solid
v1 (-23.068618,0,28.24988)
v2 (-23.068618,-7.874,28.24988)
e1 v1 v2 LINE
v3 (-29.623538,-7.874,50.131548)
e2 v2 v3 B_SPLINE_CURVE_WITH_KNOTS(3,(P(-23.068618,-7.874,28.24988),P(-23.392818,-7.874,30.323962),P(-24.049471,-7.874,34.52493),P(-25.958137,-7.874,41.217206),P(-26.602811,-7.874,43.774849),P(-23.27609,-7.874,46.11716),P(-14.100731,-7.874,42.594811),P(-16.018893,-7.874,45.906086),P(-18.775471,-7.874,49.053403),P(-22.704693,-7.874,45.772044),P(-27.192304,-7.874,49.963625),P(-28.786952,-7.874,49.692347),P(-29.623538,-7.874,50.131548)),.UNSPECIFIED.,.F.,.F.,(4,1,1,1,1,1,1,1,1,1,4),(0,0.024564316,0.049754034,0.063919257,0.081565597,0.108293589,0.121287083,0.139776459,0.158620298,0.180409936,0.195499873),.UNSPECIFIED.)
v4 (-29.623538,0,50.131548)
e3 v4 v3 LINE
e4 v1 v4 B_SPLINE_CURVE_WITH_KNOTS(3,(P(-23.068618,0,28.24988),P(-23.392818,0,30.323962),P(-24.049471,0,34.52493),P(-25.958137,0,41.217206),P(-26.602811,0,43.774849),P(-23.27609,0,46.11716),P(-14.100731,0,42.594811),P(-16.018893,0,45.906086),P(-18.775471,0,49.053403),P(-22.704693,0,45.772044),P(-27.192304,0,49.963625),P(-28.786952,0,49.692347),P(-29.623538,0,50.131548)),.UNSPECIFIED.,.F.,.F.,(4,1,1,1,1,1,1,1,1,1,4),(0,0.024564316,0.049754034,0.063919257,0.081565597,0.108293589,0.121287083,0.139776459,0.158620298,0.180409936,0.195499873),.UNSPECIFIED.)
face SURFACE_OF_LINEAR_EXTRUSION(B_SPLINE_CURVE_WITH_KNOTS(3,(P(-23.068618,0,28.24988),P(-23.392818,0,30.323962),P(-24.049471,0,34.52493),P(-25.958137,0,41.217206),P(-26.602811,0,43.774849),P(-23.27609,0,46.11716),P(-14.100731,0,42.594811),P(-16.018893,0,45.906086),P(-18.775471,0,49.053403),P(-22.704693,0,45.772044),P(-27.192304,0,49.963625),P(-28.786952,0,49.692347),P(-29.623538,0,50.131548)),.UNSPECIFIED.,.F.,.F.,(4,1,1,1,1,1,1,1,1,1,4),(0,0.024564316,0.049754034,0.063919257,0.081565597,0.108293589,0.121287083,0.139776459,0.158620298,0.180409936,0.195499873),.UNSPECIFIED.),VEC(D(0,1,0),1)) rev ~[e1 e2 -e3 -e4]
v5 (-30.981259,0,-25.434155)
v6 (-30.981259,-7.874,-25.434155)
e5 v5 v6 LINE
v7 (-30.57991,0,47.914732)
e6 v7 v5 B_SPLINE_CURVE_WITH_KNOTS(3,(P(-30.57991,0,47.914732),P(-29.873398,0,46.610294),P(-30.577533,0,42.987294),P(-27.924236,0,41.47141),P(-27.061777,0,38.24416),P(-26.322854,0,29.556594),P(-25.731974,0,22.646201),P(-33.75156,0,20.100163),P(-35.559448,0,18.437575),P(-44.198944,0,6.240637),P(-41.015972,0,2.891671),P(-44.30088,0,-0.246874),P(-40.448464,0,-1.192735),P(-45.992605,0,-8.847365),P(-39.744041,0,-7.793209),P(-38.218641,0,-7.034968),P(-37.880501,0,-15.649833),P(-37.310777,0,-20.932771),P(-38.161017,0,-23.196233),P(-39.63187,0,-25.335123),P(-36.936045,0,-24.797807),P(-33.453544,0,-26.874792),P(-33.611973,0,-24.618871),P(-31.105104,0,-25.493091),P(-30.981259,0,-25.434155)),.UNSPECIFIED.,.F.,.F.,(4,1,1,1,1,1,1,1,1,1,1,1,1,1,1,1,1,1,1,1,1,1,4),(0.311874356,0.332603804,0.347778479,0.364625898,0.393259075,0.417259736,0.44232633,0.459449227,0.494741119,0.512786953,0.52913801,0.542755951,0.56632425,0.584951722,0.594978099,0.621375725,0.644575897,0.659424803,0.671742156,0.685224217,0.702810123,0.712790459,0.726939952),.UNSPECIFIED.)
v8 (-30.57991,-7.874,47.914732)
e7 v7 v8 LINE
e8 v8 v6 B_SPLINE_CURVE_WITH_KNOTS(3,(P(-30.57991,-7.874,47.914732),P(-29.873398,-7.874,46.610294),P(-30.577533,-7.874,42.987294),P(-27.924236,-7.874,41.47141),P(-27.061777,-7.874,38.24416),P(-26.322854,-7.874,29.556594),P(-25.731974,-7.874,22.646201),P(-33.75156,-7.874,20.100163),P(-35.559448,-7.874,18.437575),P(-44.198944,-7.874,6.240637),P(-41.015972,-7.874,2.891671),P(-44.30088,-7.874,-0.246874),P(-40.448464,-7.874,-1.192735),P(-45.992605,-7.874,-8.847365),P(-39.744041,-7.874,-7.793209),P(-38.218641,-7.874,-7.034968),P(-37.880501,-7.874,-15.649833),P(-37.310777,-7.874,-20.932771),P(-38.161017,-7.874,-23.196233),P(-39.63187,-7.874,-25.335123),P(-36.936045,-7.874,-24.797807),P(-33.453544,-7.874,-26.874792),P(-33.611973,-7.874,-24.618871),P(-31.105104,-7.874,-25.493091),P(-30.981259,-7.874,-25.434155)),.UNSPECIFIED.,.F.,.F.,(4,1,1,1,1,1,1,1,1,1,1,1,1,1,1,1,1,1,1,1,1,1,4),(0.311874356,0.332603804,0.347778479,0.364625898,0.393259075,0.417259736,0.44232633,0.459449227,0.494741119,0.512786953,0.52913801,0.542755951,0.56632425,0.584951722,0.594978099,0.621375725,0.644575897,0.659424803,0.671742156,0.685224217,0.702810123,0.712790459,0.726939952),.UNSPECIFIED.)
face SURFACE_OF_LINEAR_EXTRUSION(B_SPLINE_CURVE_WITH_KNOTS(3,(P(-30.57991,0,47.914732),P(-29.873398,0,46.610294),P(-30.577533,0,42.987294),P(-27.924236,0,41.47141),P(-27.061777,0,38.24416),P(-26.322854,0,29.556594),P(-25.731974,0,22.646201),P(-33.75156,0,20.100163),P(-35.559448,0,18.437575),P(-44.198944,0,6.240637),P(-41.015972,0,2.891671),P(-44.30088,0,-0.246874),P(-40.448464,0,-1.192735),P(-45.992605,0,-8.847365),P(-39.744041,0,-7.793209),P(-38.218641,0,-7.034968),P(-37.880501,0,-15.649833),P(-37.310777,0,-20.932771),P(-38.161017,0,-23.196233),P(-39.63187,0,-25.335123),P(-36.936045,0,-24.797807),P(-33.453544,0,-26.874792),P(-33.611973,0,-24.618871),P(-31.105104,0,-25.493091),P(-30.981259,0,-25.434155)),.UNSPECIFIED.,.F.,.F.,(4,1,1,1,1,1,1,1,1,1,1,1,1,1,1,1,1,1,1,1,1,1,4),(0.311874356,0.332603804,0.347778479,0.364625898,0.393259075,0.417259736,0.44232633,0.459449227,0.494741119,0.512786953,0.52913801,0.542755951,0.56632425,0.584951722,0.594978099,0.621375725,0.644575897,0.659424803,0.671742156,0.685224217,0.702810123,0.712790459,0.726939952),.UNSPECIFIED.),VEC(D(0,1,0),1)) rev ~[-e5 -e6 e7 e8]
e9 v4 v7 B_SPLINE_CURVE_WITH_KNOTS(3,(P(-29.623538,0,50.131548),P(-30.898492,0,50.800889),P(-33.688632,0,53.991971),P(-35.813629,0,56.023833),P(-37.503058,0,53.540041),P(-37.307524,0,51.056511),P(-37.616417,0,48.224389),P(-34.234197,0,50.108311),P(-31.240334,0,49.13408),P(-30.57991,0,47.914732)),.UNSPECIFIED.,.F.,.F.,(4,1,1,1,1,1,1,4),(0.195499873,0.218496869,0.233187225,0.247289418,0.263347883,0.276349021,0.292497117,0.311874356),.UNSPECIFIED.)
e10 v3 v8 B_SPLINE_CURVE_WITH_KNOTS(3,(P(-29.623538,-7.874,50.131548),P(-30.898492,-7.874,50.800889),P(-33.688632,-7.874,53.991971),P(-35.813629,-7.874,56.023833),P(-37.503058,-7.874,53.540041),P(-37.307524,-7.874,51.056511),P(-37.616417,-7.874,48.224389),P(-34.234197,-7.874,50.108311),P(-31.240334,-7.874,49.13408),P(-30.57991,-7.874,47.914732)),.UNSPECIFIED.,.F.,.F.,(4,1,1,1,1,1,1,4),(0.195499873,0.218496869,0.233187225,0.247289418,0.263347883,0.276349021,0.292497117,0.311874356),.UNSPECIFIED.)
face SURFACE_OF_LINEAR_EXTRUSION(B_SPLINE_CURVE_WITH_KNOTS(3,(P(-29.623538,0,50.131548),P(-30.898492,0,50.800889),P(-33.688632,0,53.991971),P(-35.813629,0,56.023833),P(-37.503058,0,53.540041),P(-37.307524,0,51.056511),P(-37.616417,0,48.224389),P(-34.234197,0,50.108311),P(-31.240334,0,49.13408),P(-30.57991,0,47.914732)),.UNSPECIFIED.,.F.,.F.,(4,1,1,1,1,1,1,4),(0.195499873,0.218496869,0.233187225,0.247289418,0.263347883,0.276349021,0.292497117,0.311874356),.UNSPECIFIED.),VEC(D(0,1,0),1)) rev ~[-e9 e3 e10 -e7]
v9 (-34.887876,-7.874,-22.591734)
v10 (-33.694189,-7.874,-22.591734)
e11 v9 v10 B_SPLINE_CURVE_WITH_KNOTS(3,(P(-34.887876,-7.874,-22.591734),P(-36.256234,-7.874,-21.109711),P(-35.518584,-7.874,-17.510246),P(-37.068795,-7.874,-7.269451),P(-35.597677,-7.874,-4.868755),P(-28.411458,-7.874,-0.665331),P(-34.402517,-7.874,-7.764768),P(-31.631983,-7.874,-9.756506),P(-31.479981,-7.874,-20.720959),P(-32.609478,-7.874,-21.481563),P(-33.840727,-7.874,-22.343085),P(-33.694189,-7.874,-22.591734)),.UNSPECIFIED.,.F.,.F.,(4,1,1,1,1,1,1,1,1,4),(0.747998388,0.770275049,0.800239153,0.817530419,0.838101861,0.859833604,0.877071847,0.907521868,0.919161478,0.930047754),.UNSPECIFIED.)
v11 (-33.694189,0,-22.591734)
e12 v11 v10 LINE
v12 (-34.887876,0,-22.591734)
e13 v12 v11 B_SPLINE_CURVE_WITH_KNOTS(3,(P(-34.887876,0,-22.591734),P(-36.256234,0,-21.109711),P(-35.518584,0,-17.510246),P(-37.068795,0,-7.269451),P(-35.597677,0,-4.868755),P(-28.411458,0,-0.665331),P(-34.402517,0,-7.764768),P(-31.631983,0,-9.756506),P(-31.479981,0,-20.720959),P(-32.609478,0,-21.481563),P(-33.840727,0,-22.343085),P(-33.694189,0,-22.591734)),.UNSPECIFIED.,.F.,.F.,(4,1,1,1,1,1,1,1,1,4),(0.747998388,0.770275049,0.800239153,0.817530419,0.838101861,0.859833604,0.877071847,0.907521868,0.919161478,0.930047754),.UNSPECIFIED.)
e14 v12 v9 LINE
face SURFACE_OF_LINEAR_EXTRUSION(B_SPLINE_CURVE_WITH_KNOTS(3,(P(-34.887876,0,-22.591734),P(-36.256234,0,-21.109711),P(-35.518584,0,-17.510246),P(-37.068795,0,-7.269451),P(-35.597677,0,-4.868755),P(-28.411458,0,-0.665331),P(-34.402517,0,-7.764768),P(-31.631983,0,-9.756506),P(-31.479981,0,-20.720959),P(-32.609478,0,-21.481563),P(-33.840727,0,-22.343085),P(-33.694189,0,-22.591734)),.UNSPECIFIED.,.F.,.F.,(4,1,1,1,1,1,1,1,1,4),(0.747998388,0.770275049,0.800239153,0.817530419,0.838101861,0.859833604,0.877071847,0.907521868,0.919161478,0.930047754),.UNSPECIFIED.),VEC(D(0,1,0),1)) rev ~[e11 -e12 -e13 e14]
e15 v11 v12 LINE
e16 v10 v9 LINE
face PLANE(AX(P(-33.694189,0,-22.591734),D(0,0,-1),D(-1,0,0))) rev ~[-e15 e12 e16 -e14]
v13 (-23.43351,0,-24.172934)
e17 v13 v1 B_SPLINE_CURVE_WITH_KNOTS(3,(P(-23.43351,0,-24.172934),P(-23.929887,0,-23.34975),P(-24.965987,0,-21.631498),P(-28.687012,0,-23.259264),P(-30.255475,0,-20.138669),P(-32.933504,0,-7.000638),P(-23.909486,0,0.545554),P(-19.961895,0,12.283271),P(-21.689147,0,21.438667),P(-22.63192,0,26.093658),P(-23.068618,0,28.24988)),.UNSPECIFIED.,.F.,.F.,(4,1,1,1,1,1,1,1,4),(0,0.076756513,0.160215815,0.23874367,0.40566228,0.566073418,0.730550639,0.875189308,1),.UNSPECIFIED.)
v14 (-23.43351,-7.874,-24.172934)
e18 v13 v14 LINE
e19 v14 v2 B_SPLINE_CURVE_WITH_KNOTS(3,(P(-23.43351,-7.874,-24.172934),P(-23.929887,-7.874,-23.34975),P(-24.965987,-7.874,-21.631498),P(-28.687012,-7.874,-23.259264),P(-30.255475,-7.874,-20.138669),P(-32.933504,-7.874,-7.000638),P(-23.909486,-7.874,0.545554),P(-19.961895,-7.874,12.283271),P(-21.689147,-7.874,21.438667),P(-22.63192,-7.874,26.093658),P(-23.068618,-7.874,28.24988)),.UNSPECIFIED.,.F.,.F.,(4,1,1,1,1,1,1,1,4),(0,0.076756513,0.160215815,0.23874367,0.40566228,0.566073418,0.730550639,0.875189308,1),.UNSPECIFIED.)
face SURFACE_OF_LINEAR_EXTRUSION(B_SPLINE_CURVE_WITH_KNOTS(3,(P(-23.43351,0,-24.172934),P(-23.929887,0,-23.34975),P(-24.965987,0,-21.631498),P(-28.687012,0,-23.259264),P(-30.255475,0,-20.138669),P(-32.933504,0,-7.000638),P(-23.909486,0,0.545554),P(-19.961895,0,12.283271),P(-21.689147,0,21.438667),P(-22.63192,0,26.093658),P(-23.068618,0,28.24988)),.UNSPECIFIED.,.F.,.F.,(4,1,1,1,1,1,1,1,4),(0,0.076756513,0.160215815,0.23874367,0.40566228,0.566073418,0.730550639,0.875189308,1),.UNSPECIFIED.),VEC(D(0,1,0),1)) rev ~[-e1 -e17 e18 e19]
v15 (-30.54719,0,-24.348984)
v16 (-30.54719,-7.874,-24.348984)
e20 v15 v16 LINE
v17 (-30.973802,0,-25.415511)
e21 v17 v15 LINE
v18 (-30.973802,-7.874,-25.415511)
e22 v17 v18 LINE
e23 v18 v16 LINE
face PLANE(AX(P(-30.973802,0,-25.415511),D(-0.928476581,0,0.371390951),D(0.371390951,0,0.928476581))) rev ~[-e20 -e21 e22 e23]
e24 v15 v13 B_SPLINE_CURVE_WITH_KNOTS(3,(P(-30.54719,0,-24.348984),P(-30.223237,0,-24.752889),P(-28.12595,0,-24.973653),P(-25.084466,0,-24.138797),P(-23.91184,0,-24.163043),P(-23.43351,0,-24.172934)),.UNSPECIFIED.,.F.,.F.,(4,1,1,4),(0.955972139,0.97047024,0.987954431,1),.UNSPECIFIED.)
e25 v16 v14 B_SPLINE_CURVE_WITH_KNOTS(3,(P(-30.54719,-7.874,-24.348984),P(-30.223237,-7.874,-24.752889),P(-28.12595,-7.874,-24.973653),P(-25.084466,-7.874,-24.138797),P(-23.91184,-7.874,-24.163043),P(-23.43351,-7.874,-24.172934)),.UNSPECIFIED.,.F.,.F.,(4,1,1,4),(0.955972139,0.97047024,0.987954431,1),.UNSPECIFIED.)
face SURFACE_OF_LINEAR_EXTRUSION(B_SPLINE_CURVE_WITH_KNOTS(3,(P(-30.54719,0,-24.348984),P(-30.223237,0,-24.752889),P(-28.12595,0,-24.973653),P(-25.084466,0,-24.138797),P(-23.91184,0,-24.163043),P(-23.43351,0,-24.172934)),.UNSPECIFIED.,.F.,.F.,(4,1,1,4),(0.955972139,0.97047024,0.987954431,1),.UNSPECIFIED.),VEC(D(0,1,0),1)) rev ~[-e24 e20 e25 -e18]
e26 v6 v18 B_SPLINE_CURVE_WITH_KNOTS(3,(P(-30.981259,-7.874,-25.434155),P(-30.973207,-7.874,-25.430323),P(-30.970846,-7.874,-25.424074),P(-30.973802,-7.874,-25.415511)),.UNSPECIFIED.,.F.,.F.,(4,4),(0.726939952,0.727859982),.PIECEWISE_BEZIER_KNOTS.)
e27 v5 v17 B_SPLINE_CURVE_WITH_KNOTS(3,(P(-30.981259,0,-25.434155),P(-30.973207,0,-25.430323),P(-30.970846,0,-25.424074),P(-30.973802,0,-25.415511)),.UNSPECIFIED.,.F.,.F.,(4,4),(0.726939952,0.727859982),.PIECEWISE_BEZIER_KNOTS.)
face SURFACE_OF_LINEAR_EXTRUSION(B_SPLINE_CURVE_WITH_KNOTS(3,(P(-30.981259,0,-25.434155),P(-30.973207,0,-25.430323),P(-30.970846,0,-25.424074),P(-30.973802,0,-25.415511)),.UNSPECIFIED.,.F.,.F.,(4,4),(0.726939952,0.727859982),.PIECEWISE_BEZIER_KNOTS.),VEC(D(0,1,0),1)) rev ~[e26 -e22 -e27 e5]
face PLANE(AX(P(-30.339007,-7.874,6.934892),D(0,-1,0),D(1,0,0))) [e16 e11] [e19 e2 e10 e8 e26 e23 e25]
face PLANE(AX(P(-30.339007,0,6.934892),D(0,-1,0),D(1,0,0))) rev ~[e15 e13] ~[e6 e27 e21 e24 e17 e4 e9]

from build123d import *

# Parameters (mm, degrees)
F1_DEPTH = 7.874


with BuildPart() as f1:
    # F0 (on Front) → F1 (new body)
    with BuildSketch(Plane.XZ):
        with BuildLine():
            add(Edge.make_bspline(
                [(-30.5471904576, -24.3489835411), (-30.2232373434, -24.7528892759), (-28.1259496996, -24.9736531826), (-25.0844659588, -24.1387972179), (-23.9118395896, -24.1630434304), (-23.4335102141, -24.1729337722)],
                knots=[0.9559721386, 0.9559721386, 0.9559721386, 0.9559721386, 0.9704702401, 0.9879544312, 1, 1, 1, 1], degree=3))
            add(Edge.make_bspline(
                [(-23.4335102141, -24.1729337722), (-23.9298872025, -23.3497499878), (-24.9659874713, -21.6314976106), (-28.6870115227, -23.259264132), (-30.2554752831, -20.1386693033), (-32.9335035666, -7.0006378796), (-23.9094855682, 0.5455535592), (-19.9618950558, 12.2832714795), (-21.6891468298, 21.4386672657), (-22.6319195756, 26.0936582619), (-23.0686180294, 28.249880299)],
                knots=[0, 0, 0, 0, 0.0767565128, 0.1602158146, 0.2387436703, 0.4056622803, 0.5660734183, 0.730550639, 0.8751893075, 1, 1, 1, 1], degree=3))
            add(Edge.make_bspline(
                [(-23.0686180294, 28.249880299), (-23.3928177119, 30.3239617898), (-24.0494711372, 34.524930479), (-25.958136809, 41.2172061643), (-26.6028112458, 43.7748486456), (-23.2760899944, 46.1171595151), (-14.1007310805, 42.594811203), (-16.0188934431, 45.9060862182), (-18.775471085, 49.0534030455), (-22.7046934264, 45.7720439716), (-27.1923035768, 49.9636248125), (-28.7869517053, 49.6923469682), (-29.6235382557, 50.1315481961)],
                knots=[0, 0, 0, 0, 0.0245643158, 0.0497540342, 0.063919257, 0.0815655967, 0.1082935895, 0.121287083, 0.1397764593, 0.158620298, 0.1804099363, 0.1954998733, 0.1954998733, 0.1954998733, 0.1954998733], degree=3))
            Line((-29.6235382557, 50.1315481961), (-30.5799096823, 47.9147322476))
            add(Edge.make_bspline(
                [(-30.5799096823, 47.9147322476), (-29.8733982293, 46.6102939873), (-30.5775332112, 42.9872939831), (-27.9242363382, 41.4714099489), (-27.0617769258, 38.2441601069), (-26.3228536869, 29.5565938297), (-25.7319740589, 22.6462009627), (-33.7515600266, 20.1001626177), (-35.5594475171, 18.4375754714), (-44.1989436773, 6.2406368862), (-41.0159723877, 2.8916706199), (-44.3008803759, -0.2468736377), (-40.4484640236, -1.1927349871), (-45.9926050417, -8.8473652918), (-39.744040984, -7.793208808), (-38.2186406896, -7.034967958), (-37.8805006041, -15.6498325177), (-37.3107774086, -20.9327711741), (-38.1610174152, -23.1962327987), (-39.6318698024, -25.3351226006), (-36.9360454757, -24.7978069798), (-33.4535435916, -26.8747916458), (-33.6119734742, -24.6188705475), (-31.105103759, -25.4930907598), (-30.9812594205, -25.4341550171)],
                knots=[0.3118743563, 0.3118743563, 0.3118743563, 0.3118743563, 0.3326038037, 0.3477784786, 0.3646258979, 0.393259075, 0.4172597362, 0.4423263302, 0.4594492273, 0.4947411187, 0.5127869531, 0.5291380096, 0.5427559514, 0.5663242504, 0.5849517222, 0.5949780986, 0.621375725, 0.644575897, 0.6594248026, 0.6717421559, 0.6852242175, 0.7028101228, 0.7127904585, 0.7269399519, 0.7269399519, 0.7269399519, 0.7269399519], degree=3))
            Line((-30.9812594205, -25.4341550171), (-30.9738016792, -25.4155106798))
            add(Edge.make_bspline(
                [(-30.9738016792, -25.4155106798), (-31.0385074957, -25.228064463), (-33.6508624525, -23.9315035848), (-34.8878763616, -22.591734305)],
                knots=[0.7278599825, 0.7278599825, 0.7278599825, 0.7278599825, 0.7479983876, 0.7479983876, 0.7479983876, 0.7479983876], degree=3))
            add(Edge.make_bspline(
                [(-34.8878763616, -22.591734305), (-36.2562340016, -21.109710929), (-35.5185842866, -17.510246042), (-37.0687945298, -7.2694505098), (-35.5976774052, -4.8687548453), (-28.4114579701, -0.6653309787), (-34.4025171453, -7.7647681898), (-31.631983195, -9.7565055637), (-31.4799813704, -20.7209594437), (-32.6094779747, -21.4815632136), (-33.840726851, -22.3430846759), (-33.6941890419, -22.591734305)],
                knots=[0.7479983876, 0.7479983876, 0.7479983876, 0.7479983876, 0.7702750494, 0.8002391531, 0.8175304189, 0.8381018608, 0.8598336042, 0.877071847, 0.9075218678, 0.919161478, 0.9300477539, 0.9300477539, 0.9300477539, 0.9300477539], degree=3))
            add(Edge.make_bspline(
                [(-33.6941890419, -22.591734305), (-33.4815410404, -22.952561637), (-30.5698938841, -22.9651465049), (-30.7734687312, -24.0668590966), (-30.5471904576, -24.3489835411)],
                knots=[0.9300477539, 0.9300477539, 0.9300477539, 0.9300477539, 0.9458453479, 0.9559721386, 0.9559721386, 0.9559721386, 0.9559721386], degree=3))
        make_face()
        with BuildLine():
            Line((-30.9738016792, -25.4155106798), (-30.5471904576, -24.3489835411))
            add(Edge.make_bspline(
                [(-33.6941890419, -22.591734305), (-33.4815410404, -22.952561637), (-30.5698938841, -22.9651465049), (-30.7734687312, -24.0668590966), (-30.5471904576, -24.3489835411)],
                knots=[0.9300477539, 0.9300477539, 0.9300477539, 0.9300477539, 0.9458453479, 0.9559721386, 0.9559721386, 0.9559721386, 0.9559721386], degree=3))
            Line((-33.6941890419, -22.591734305), (-34.8878763616, -22.591734305))
            add(Edge.make_bspline(
                [(-30.9738016792, -25.4155106798), (-31.0385074957, -25.228064463), (-33.6508624525, -23.9315035848), (-34.8878763616, -22.591734305)],
                knots=[0.7278599825, 0.7278599825, 0.7278599825, 0.7278599825, 0.7479983876, 0.7479983876, 0.7479983876, 0.7479983876], degree=3))
        make_face()
        with BuildLine():
            Line((-30.5799096823, 47.9147322476), (-29.6235382557, 50.1315481961))
            add(Edge.make_bspline(
                [(-29.6235382557, 50.1315481961), (-30.8984923708, 50.8008888788), (-33.6886317491, 53.9919710329), (-35.813628524, 56.0238325825), (-37.5030581719, 53.5400408338), (-37.3075241445, 51.0565112556), (-37.6164169035, 48.2243892673), (-34.2341969696, 50.108311107), (-31.2403344812, 49.1340803164), (-30.5799096823, 47.9147322476)],
                knots=[0.1954998733, 0.1954998733, 0.1954998733, 0.1954998733, 0.218496869, 0.2331872253, 0.2472894183, 0.2633478831, 0.2763490207, 0.2924971174, 0.3118743563, 0.3118743563, 0.3118743563, 0.3118743563], degree=3))
        make_face()
        with BuildLine():
            add(Edge.make_bspline(
                [(-30.9812594205, -25.4341550171), (-30.9732067948, -25.4303228882), (-30.9708455698, -25.4240742302), (-30.9738016792, -25.4155106798)],
                knots=[0.7269399519, 0.7269399519, 0.7269399519, 0.7269399519, 0.7278599825, 0.7278599825, 0.7278599825, 0.7278599825], degree=3))
            Line((-30.9738016792, -25.4155106798), (-30.9812594205, -25.4341550171))
        make_face()
    extrude(amount=F1_DEPTH)


solid = f1.part
